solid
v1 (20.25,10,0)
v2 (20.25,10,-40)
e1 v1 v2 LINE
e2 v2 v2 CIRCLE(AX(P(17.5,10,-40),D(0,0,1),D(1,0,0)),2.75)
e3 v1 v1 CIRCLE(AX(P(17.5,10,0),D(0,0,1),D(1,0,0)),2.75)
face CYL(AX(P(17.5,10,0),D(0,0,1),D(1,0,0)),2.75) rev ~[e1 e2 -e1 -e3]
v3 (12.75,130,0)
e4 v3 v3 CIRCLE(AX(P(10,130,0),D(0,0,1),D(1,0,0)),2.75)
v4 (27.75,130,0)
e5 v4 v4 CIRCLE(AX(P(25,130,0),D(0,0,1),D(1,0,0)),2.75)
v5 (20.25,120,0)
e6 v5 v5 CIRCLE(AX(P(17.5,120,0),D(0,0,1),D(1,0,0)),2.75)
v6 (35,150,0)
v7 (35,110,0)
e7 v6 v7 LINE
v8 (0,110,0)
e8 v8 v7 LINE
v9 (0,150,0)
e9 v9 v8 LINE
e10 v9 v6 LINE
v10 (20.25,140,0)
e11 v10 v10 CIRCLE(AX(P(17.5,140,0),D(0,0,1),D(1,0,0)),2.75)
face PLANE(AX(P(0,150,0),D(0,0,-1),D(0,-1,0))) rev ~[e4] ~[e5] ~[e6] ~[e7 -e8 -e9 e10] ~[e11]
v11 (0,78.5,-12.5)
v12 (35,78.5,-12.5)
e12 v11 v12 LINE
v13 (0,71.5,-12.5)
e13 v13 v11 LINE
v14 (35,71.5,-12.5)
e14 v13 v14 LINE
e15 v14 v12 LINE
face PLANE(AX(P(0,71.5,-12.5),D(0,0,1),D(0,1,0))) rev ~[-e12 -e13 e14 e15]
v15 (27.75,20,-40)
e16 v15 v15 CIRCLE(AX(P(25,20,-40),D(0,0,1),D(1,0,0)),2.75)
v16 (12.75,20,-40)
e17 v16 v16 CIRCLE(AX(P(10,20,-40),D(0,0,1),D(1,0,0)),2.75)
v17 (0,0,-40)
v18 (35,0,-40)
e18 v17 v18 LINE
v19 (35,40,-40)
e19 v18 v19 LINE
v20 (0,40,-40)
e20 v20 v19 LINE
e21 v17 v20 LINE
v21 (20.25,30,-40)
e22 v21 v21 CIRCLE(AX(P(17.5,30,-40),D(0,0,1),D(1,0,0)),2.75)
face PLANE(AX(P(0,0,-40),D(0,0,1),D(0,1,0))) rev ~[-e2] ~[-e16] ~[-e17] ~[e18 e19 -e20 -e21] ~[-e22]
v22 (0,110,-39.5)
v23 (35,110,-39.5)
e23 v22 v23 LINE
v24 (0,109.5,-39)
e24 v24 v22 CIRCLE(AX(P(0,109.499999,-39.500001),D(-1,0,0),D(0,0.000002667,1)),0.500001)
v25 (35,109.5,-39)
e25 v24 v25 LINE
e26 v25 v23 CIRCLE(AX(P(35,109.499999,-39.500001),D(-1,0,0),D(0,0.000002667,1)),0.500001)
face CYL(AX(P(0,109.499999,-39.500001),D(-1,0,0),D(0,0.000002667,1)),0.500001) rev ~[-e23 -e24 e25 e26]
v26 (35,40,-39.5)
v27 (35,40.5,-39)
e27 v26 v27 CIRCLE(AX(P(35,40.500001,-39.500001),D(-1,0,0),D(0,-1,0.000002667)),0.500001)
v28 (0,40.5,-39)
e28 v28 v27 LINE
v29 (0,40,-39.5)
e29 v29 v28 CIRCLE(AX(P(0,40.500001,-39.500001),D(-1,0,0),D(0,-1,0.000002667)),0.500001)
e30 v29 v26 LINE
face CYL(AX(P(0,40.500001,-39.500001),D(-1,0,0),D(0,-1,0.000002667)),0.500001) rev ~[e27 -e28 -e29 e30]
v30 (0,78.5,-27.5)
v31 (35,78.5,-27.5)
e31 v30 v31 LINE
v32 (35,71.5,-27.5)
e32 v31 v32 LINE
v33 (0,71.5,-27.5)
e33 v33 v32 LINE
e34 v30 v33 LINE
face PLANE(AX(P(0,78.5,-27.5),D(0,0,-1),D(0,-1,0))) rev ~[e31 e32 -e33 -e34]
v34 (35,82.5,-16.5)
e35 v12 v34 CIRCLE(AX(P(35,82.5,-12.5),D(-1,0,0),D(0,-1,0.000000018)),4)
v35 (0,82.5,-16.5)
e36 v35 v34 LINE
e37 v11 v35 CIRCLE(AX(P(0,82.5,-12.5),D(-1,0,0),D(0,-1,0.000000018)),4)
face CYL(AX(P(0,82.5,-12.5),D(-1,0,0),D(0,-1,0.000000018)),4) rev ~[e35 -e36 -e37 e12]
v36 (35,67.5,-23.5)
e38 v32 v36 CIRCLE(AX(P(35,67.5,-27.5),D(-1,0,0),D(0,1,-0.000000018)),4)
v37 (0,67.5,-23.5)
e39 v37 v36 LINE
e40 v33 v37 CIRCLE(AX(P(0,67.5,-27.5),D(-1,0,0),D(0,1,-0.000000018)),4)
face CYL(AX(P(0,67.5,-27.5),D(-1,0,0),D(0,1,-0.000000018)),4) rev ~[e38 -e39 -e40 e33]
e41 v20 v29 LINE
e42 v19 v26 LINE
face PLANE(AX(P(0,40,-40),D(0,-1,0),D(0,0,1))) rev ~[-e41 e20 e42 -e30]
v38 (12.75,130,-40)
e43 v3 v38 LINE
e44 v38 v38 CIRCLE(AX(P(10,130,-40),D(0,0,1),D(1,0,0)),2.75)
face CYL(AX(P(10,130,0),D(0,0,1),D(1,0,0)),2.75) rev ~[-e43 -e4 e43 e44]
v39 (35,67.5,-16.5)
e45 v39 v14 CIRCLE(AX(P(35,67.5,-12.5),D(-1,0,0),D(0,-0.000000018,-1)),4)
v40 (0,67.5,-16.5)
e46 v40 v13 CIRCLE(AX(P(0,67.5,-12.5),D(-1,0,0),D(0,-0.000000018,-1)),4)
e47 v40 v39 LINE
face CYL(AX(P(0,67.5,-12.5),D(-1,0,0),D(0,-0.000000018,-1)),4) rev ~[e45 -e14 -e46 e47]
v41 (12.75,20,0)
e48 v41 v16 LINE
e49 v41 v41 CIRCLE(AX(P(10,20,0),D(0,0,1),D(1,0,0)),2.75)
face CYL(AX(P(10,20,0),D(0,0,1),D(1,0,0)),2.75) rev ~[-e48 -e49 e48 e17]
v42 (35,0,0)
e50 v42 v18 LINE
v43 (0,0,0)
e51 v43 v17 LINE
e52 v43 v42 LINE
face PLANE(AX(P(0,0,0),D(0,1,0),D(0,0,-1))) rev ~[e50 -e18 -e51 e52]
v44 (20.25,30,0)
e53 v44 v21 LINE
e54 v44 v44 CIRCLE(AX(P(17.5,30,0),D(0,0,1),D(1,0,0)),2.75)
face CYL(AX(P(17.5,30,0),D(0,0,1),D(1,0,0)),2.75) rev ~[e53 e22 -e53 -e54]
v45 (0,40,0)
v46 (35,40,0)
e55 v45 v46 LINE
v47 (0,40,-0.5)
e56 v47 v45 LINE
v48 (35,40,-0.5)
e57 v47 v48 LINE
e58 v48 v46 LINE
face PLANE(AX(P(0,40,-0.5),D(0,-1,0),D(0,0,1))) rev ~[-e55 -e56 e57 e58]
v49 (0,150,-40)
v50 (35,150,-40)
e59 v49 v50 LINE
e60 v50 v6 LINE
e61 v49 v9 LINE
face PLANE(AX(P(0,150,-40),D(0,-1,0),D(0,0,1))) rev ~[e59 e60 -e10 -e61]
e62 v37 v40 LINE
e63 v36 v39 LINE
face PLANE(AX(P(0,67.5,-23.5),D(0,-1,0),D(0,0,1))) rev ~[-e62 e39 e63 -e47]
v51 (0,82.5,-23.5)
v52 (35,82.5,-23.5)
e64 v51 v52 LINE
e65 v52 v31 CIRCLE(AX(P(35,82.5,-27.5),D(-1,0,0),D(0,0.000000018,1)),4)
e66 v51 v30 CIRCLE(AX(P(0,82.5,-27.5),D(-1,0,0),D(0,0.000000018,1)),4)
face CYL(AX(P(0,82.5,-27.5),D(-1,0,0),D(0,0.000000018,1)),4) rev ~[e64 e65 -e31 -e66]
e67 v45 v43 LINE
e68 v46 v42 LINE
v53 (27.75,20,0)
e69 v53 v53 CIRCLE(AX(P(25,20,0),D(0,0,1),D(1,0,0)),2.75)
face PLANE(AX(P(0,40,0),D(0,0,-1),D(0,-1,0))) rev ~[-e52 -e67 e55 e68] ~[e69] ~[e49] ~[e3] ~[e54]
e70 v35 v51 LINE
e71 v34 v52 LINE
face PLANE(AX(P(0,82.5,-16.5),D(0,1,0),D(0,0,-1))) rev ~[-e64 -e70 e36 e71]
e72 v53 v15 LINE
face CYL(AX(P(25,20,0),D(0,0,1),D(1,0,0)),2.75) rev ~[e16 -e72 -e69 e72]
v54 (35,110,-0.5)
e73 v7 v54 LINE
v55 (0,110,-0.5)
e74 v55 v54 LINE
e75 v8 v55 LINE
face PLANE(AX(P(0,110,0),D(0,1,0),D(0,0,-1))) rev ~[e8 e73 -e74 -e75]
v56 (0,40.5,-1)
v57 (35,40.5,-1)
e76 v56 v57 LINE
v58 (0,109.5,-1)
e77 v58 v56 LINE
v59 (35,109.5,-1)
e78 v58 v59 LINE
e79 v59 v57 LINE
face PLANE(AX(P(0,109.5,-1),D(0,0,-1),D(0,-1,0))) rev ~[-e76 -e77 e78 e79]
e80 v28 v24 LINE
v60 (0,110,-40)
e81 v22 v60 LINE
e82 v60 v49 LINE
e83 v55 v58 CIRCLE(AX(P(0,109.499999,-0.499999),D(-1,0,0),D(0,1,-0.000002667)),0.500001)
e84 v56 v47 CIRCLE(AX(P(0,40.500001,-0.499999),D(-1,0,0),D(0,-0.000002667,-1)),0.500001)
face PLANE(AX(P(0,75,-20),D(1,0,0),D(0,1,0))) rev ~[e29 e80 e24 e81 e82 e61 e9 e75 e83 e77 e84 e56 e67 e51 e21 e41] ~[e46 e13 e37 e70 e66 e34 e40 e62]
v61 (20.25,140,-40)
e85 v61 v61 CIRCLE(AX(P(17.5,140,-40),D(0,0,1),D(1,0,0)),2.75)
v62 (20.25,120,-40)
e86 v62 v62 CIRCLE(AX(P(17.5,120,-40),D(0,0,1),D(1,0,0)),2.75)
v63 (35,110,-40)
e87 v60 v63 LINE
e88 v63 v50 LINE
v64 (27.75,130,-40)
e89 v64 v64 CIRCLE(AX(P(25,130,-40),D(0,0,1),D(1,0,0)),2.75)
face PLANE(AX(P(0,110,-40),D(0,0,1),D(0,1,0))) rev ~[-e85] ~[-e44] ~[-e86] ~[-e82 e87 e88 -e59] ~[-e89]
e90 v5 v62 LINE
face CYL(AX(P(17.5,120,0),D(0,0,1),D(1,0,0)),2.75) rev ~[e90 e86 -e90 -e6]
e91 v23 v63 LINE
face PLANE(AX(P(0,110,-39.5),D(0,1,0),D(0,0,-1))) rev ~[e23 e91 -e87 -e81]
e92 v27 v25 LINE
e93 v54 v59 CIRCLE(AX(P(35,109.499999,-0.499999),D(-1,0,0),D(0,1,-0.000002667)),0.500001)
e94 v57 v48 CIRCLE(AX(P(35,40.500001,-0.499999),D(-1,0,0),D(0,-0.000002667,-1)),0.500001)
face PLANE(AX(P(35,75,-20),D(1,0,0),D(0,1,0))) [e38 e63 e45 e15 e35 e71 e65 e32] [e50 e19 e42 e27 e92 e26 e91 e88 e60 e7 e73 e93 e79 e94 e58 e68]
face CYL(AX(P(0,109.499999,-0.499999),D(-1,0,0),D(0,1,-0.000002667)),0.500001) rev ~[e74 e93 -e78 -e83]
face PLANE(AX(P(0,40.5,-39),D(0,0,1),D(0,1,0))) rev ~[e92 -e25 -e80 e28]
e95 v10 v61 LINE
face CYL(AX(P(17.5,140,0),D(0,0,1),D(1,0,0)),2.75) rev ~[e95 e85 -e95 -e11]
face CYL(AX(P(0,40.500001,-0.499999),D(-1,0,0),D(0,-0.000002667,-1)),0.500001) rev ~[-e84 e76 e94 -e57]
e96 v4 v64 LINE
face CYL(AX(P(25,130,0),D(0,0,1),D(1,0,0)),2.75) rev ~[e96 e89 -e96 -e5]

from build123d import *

# Parameters (mm, degrees)
F1_DEPTH = 35
F2_R     = 2.75
F3_DEPTH = 40


with BuildPart() as f1:
    # F0 (on Right) → F1 (new body)
    with BuildSketch(Plane.YZ):
        with BuildLine():
            Line((40, 0), (0, 0))
            Line((0, 0), (0, -40))
            Line((0, -40), (40, -40))
            Line((40, -40), (40, -39.5))
            ThreePointArc((40, -39.5), (40.146447, -39.146447), (40.5, -39))
            Line((40.5, -39), (109.5, -39))
            ThreePointArc((109.5, -39), (109.853553, -39.146447), (110, -39.5))
            Line((110, -39.5), (110, -40))
            Line((110, -40), (150, -40))
            Line((150, -40), (150, 0))
            Line((150, 0), (110, 0))
            Line((110, 0), (110, -0.5))
            ThreePointArc((110, -0.5), (109.853553, -0.853553), (109.5, -1))
            Line((109.5, -1), (40.5, -1))
            ThreePointArc((40.5, -1), (40.146447, -0.853553), (40, -0.5))
            Line((40, -0.5), (40, 0))
        make_face()
        with BuildLine():
            ThreePointArc((67.5, -16.5), (64.671573, -9.671573), (71.5, -12.5))
            Line((71.5, -12.5), (78.5, -12.5))
            ThreePointArc((78.5, -12.5), (85.328427, -9.671573), (82.5, -16.5))
            Line((82.5, -16.5), (82.5, -23.5))
            ThreePointArc((82.5, -23.5), (85.328427, -30.328427), (78.5, -27.5))
            Line((78.5, -27.5), (71.5, -27.5))
            ThreePointArc((71.5, -27.5), (64.671573, -30.328427), (67.5, -23.5))
            Line((67.5, -23.5), (67.5, -16.5))
        make_face(mode=Mode.SUBTRACT)
    extrude(amount=F1_DEPTH)

    # F2 (on face) → F3 (cut, through all)
    with BuildSketch(Plane.XY):
        with Locations((17.5, 10)):
            Circle(F2_R)
        with Locations((17.5, 30)):
            Circle(F2_R)
        with Locations((25, 20)):
            Circle(F2_R)
        with Locations((10, 20)):
            Circle(F2_R)
        with Locations((17.5, 120)):
            Circle(F2_R)
        with Locations((17.5, 140)):
            Circle(F2_R)
        with Locations((25, 130)):
            Circle(F2_R)
        with Locations((10, 130)):
            Circle(F2_R)
    extrude(amount=-F3_DEPTH, mode=Mode.SUBTRACT)


solid = f1.part
